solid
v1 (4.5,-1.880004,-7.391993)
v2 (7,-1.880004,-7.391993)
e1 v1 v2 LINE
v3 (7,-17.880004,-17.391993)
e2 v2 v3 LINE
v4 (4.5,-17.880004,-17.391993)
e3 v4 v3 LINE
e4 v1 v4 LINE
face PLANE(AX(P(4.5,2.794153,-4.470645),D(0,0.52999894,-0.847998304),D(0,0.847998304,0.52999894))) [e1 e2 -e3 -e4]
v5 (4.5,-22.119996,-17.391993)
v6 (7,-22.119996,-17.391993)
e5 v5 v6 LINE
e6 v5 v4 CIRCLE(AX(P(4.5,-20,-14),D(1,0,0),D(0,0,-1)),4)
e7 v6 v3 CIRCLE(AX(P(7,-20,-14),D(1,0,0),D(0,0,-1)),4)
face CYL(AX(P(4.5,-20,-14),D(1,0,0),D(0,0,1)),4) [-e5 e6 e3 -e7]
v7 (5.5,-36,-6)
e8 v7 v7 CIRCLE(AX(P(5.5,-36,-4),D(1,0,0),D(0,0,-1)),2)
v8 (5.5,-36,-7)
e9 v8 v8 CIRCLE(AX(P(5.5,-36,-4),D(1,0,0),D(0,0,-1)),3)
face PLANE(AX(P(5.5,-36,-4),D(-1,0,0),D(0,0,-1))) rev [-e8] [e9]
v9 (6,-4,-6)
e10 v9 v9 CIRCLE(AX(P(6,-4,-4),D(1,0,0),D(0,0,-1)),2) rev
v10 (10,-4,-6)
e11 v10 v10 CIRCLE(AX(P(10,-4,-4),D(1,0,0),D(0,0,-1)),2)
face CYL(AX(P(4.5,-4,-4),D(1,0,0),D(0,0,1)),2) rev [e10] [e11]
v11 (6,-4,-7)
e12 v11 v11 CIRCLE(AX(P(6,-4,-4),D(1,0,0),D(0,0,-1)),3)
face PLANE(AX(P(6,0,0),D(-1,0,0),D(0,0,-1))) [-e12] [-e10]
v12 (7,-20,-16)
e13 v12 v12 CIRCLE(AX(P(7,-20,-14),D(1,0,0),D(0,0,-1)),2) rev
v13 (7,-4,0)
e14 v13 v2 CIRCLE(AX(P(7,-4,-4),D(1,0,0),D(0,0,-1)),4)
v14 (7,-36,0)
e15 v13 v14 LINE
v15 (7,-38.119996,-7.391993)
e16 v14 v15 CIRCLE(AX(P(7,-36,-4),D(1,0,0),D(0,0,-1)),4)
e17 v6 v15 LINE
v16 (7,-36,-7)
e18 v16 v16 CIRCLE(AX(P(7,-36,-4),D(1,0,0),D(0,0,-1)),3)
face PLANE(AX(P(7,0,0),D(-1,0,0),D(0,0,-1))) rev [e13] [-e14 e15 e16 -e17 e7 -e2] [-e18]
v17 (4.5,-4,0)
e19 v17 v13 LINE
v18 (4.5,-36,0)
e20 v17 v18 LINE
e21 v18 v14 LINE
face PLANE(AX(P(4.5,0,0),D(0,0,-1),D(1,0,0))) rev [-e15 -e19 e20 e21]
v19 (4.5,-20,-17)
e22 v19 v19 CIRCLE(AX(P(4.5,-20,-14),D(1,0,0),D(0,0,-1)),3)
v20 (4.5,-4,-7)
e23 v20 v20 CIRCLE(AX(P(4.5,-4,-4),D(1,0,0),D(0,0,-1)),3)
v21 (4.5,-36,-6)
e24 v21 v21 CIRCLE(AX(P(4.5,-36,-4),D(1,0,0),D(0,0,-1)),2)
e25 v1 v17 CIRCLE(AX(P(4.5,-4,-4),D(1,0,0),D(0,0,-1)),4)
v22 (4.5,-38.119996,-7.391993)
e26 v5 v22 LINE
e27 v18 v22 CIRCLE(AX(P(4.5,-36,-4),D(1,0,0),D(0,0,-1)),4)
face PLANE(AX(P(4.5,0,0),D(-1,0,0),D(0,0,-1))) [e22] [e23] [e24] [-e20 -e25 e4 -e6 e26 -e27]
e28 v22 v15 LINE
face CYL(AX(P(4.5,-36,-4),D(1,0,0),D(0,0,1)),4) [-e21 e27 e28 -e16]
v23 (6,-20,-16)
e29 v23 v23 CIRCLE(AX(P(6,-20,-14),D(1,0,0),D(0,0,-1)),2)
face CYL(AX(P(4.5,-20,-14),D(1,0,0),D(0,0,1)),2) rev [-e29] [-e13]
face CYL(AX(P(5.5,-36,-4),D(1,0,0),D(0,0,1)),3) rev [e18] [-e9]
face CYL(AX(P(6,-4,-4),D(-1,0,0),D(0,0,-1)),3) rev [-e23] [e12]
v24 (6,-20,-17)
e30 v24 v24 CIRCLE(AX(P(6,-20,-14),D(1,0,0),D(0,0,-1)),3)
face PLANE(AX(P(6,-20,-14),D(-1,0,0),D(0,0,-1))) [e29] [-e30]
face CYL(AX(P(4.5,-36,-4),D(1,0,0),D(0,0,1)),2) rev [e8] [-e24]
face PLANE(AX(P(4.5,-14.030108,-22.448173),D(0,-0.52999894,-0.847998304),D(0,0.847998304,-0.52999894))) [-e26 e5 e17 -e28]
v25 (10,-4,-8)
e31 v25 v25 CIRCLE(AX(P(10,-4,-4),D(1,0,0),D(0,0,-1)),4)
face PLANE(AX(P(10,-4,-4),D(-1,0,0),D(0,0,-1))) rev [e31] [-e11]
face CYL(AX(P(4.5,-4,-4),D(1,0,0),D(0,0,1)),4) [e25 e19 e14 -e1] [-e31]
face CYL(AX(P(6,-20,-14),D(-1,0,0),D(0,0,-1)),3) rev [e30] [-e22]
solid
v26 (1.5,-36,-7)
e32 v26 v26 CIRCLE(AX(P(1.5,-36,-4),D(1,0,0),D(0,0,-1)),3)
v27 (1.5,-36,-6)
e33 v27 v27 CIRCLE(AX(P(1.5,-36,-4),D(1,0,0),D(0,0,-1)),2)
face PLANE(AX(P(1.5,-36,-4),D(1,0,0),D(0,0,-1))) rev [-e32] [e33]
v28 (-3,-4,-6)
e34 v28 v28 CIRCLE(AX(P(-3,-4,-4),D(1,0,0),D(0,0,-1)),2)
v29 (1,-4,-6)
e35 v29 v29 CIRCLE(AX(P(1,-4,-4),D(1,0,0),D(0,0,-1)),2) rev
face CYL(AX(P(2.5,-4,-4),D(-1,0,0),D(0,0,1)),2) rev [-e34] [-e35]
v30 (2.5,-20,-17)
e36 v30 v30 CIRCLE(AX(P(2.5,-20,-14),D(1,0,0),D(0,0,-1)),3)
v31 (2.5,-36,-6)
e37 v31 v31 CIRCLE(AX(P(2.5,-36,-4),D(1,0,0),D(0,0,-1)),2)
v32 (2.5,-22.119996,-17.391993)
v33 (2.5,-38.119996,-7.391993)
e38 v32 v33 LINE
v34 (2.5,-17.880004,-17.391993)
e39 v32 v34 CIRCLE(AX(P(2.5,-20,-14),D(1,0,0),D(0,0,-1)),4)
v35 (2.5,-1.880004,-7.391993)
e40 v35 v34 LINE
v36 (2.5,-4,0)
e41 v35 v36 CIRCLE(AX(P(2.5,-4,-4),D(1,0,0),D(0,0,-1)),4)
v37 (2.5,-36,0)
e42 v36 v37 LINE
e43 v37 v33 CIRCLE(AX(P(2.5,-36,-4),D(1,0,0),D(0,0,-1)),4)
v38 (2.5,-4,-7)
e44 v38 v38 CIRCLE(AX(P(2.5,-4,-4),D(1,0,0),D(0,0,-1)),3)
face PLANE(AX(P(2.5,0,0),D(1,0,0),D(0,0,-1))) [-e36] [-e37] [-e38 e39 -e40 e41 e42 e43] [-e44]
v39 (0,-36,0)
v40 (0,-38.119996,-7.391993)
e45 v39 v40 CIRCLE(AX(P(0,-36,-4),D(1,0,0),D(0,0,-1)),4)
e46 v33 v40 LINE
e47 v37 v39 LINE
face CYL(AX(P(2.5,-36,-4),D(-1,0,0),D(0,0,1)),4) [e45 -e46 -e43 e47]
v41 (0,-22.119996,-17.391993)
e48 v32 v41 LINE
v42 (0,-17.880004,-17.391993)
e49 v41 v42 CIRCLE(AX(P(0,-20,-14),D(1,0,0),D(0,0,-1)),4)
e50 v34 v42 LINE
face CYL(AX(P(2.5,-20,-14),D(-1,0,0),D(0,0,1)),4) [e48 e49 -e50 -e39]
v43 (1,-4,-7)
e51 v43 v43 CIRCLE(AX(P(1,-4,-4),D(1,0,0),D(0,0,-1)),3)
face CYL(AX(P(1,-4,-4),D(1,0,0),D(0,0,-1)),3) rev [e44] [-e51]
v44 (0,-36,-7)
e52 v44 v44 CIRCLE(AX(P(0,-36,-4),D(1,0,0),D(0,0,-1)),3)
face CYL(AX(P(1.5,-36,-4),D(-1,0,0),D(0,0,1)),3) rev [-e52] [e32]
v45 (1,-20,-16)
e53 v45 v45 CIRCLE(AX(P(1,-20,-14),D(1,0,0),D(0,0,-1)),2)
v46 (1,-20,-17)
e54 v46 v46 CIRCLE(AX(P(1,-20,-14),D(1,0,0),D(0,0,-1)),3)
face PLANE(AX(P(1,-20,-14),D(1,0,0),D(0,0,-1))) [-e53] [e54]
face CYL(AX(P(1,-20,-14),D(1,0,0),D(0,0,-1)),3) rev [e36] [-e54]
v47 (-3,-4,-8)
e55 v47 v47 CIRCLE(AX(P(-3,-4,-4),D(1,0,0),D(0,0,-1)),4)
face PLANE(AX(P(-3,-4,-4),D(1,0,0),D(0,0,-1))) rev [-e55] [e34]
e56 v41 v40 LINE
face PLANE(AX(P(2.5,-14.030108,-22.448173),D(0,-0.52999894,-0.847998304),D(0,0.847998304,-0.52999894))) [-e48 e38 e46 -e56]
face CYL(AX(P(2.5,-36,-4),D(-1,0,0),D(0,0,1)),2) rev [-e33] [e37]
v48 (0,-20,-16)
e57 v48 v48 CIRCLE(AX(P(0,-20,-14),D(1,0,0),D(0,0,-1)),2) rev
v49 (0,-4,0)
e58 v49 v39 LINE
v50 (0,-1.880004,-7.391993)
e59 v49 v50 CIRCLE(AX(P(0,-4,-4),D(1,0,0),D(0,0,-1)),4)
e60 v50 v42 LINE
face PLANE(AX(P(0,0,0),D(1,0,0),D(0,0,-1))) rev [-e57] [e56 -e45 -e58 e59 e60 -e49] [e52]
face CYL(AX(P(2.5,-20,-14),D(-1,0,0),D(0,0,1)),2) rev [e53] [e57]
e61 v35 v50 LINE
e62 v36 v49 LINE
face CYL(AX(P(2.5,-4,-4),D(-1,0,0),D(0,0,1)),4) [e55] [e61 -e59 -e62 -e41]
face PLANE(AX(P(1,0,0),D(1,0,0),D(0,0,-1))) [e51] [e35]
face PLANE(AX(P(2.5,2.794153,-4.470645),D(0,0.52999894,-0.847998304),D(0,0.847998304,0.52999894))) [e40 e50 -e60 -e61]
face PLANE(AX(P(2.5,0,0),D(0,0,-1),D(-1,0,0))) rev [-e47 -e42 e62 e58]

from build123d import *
from build123d.topology import SkipClean

# Parameters (mm, degrees)
EXTRUDE_1_DEPTH          = 2.5
EXTRUDE_START            = -3
SKETCH_1_4_R             = 4
EXTRUDE_2_DEPTH          = 3
CUT_EXTRUDE_1_DEPTH      = 44.965895874
CUT_EXTRUDE_1_DEPTH_BACK = 44.965895874
SKETCH_1_3_R             = 2
SKETCH_2_R               = 3
CUT_EXTRUDE_2_DEPTH      = 1.5
CUT_EXTRUDE_START        = -2.5
SKETCH_2_3_R             = 3
CUT_EXTRUDE_3_DEPTH      = 1.5


with BuildPart() as part:
    # 草图1 → 凸台-拉伸1 (new body)
    with BuildSketch(Plane(origin=(0, 0, 0), x_dir=(0, 0, -1), z_dir=(1, 0, 0))):
        with BuildLine():
            Line((17.391993216, -17.88000424), (7.391993216, -1.88000424))
            ThreePointArc((7.391993216, -1.88000424), (2.897269948, -0.155005015), (0, -4))
            Line((0, -4), (0, -36))
            ThreePointArc((0, -36), (2.897269948, -39.844994985), (7.391993216, -38.11999576))
            Line((7.391993216, -38.11999576), (17.391993216, -22.11999576))
            ThreePointArc((17.391993216, -22.11999576), (18, -20), (17.391993216, -17.88000424))
        make_face()
    extrude(amount=EXTRUDE_1_DEPTH)

    # 草图1<4> → 凸台-拉伸2 (add)
    with SkipClean():  # the faces are left unmerged after this step: merging them gives an invalid solid
        with BuildSketch(Plane(origin=(0, 0, 0), x_dir=(0, 0, -1), z_dir=(1, 0, 0)).offset(EXTRUDE_START)):
            with Locations(Location((4, -4, 0), (0, 0, 180))):
                Circle(SKETCH_1_4_R)
        extrude(amount=EXTRUDE_2_DEPTH)

    # 草图1<3> → 切除-拉伸1 (cut, two sides: drawn at the far end of the back side and taken through both)
    with SkipClean():  # the faces are left unmerged after this step: merging them gives an invalid solid
        with BuildSketch(Plane(origin=(0, 0, 0), x_dir=(0, 0, -1), z_dir=(1, 0, 0)).offset(-CUT_EXTRUDE_1_DEPTH_BACK)):
            with Locations((4, -4)):
                Circle(SKETCH_1_3_R)
            with Locations((14, -20)):
                Circle(SKETCH_1_3_R)
            with Locations((4, -36)):
                Circle(SKETCH_1_3_R)
        extrude(amount=CUT_EXTRUDE_1_DEPTH + CUT_EXTRUDE_1_DEPTH_BACK, mode=Mode.SUBTRACT)

    # 草图2 → 切除-拉伸2 (cut)
    with SkipClean():  # the faces are left unmerged after this step: merging them gives an invalid solid
        with BuildSketch(Plane(origin=(2.5, 0, 0), x_dir=(0, 0, -1), z_dir=(1, 0, 0))):
            with Locations((4, -4)):
                Circle(SKETCH_2_R)
            with Locations((14, -20)):
                Circle(SKETCH_2_R)
        extrude(amount=-CUT_EXTRUDE_2_DEPTH, mode=Mode.SUBTRACT)

    # 草图2<3> → 切除-拉伸3 (cut)
    with SkipClean():  # the faces are left unmerged after this step: merging them gives an invalid solid
        with BuildSketch(Plane(origin=(2.5, 0, 0), x_dir=(0, 0, -1), z_dir=(1, 0, 0)).offset(CUT_EXTRUDE_START)):
            with Locations((4, -36)):
                Circle(SKETCH_2_3_R)
        extrude(amount=CUT_EXTRUDE_3_DEPTH, mode=Mode.SUBTRACT)


with BuildPart() as body_2:
    # 镜向2: mirrored copy
    add(part.part.mirror(Plane(origin=(3.5, 0, 0), x_dir=(0, 0, 1), z_dir=(1, 0, 0))))


solid = Compound([part.part, body_2.part])
